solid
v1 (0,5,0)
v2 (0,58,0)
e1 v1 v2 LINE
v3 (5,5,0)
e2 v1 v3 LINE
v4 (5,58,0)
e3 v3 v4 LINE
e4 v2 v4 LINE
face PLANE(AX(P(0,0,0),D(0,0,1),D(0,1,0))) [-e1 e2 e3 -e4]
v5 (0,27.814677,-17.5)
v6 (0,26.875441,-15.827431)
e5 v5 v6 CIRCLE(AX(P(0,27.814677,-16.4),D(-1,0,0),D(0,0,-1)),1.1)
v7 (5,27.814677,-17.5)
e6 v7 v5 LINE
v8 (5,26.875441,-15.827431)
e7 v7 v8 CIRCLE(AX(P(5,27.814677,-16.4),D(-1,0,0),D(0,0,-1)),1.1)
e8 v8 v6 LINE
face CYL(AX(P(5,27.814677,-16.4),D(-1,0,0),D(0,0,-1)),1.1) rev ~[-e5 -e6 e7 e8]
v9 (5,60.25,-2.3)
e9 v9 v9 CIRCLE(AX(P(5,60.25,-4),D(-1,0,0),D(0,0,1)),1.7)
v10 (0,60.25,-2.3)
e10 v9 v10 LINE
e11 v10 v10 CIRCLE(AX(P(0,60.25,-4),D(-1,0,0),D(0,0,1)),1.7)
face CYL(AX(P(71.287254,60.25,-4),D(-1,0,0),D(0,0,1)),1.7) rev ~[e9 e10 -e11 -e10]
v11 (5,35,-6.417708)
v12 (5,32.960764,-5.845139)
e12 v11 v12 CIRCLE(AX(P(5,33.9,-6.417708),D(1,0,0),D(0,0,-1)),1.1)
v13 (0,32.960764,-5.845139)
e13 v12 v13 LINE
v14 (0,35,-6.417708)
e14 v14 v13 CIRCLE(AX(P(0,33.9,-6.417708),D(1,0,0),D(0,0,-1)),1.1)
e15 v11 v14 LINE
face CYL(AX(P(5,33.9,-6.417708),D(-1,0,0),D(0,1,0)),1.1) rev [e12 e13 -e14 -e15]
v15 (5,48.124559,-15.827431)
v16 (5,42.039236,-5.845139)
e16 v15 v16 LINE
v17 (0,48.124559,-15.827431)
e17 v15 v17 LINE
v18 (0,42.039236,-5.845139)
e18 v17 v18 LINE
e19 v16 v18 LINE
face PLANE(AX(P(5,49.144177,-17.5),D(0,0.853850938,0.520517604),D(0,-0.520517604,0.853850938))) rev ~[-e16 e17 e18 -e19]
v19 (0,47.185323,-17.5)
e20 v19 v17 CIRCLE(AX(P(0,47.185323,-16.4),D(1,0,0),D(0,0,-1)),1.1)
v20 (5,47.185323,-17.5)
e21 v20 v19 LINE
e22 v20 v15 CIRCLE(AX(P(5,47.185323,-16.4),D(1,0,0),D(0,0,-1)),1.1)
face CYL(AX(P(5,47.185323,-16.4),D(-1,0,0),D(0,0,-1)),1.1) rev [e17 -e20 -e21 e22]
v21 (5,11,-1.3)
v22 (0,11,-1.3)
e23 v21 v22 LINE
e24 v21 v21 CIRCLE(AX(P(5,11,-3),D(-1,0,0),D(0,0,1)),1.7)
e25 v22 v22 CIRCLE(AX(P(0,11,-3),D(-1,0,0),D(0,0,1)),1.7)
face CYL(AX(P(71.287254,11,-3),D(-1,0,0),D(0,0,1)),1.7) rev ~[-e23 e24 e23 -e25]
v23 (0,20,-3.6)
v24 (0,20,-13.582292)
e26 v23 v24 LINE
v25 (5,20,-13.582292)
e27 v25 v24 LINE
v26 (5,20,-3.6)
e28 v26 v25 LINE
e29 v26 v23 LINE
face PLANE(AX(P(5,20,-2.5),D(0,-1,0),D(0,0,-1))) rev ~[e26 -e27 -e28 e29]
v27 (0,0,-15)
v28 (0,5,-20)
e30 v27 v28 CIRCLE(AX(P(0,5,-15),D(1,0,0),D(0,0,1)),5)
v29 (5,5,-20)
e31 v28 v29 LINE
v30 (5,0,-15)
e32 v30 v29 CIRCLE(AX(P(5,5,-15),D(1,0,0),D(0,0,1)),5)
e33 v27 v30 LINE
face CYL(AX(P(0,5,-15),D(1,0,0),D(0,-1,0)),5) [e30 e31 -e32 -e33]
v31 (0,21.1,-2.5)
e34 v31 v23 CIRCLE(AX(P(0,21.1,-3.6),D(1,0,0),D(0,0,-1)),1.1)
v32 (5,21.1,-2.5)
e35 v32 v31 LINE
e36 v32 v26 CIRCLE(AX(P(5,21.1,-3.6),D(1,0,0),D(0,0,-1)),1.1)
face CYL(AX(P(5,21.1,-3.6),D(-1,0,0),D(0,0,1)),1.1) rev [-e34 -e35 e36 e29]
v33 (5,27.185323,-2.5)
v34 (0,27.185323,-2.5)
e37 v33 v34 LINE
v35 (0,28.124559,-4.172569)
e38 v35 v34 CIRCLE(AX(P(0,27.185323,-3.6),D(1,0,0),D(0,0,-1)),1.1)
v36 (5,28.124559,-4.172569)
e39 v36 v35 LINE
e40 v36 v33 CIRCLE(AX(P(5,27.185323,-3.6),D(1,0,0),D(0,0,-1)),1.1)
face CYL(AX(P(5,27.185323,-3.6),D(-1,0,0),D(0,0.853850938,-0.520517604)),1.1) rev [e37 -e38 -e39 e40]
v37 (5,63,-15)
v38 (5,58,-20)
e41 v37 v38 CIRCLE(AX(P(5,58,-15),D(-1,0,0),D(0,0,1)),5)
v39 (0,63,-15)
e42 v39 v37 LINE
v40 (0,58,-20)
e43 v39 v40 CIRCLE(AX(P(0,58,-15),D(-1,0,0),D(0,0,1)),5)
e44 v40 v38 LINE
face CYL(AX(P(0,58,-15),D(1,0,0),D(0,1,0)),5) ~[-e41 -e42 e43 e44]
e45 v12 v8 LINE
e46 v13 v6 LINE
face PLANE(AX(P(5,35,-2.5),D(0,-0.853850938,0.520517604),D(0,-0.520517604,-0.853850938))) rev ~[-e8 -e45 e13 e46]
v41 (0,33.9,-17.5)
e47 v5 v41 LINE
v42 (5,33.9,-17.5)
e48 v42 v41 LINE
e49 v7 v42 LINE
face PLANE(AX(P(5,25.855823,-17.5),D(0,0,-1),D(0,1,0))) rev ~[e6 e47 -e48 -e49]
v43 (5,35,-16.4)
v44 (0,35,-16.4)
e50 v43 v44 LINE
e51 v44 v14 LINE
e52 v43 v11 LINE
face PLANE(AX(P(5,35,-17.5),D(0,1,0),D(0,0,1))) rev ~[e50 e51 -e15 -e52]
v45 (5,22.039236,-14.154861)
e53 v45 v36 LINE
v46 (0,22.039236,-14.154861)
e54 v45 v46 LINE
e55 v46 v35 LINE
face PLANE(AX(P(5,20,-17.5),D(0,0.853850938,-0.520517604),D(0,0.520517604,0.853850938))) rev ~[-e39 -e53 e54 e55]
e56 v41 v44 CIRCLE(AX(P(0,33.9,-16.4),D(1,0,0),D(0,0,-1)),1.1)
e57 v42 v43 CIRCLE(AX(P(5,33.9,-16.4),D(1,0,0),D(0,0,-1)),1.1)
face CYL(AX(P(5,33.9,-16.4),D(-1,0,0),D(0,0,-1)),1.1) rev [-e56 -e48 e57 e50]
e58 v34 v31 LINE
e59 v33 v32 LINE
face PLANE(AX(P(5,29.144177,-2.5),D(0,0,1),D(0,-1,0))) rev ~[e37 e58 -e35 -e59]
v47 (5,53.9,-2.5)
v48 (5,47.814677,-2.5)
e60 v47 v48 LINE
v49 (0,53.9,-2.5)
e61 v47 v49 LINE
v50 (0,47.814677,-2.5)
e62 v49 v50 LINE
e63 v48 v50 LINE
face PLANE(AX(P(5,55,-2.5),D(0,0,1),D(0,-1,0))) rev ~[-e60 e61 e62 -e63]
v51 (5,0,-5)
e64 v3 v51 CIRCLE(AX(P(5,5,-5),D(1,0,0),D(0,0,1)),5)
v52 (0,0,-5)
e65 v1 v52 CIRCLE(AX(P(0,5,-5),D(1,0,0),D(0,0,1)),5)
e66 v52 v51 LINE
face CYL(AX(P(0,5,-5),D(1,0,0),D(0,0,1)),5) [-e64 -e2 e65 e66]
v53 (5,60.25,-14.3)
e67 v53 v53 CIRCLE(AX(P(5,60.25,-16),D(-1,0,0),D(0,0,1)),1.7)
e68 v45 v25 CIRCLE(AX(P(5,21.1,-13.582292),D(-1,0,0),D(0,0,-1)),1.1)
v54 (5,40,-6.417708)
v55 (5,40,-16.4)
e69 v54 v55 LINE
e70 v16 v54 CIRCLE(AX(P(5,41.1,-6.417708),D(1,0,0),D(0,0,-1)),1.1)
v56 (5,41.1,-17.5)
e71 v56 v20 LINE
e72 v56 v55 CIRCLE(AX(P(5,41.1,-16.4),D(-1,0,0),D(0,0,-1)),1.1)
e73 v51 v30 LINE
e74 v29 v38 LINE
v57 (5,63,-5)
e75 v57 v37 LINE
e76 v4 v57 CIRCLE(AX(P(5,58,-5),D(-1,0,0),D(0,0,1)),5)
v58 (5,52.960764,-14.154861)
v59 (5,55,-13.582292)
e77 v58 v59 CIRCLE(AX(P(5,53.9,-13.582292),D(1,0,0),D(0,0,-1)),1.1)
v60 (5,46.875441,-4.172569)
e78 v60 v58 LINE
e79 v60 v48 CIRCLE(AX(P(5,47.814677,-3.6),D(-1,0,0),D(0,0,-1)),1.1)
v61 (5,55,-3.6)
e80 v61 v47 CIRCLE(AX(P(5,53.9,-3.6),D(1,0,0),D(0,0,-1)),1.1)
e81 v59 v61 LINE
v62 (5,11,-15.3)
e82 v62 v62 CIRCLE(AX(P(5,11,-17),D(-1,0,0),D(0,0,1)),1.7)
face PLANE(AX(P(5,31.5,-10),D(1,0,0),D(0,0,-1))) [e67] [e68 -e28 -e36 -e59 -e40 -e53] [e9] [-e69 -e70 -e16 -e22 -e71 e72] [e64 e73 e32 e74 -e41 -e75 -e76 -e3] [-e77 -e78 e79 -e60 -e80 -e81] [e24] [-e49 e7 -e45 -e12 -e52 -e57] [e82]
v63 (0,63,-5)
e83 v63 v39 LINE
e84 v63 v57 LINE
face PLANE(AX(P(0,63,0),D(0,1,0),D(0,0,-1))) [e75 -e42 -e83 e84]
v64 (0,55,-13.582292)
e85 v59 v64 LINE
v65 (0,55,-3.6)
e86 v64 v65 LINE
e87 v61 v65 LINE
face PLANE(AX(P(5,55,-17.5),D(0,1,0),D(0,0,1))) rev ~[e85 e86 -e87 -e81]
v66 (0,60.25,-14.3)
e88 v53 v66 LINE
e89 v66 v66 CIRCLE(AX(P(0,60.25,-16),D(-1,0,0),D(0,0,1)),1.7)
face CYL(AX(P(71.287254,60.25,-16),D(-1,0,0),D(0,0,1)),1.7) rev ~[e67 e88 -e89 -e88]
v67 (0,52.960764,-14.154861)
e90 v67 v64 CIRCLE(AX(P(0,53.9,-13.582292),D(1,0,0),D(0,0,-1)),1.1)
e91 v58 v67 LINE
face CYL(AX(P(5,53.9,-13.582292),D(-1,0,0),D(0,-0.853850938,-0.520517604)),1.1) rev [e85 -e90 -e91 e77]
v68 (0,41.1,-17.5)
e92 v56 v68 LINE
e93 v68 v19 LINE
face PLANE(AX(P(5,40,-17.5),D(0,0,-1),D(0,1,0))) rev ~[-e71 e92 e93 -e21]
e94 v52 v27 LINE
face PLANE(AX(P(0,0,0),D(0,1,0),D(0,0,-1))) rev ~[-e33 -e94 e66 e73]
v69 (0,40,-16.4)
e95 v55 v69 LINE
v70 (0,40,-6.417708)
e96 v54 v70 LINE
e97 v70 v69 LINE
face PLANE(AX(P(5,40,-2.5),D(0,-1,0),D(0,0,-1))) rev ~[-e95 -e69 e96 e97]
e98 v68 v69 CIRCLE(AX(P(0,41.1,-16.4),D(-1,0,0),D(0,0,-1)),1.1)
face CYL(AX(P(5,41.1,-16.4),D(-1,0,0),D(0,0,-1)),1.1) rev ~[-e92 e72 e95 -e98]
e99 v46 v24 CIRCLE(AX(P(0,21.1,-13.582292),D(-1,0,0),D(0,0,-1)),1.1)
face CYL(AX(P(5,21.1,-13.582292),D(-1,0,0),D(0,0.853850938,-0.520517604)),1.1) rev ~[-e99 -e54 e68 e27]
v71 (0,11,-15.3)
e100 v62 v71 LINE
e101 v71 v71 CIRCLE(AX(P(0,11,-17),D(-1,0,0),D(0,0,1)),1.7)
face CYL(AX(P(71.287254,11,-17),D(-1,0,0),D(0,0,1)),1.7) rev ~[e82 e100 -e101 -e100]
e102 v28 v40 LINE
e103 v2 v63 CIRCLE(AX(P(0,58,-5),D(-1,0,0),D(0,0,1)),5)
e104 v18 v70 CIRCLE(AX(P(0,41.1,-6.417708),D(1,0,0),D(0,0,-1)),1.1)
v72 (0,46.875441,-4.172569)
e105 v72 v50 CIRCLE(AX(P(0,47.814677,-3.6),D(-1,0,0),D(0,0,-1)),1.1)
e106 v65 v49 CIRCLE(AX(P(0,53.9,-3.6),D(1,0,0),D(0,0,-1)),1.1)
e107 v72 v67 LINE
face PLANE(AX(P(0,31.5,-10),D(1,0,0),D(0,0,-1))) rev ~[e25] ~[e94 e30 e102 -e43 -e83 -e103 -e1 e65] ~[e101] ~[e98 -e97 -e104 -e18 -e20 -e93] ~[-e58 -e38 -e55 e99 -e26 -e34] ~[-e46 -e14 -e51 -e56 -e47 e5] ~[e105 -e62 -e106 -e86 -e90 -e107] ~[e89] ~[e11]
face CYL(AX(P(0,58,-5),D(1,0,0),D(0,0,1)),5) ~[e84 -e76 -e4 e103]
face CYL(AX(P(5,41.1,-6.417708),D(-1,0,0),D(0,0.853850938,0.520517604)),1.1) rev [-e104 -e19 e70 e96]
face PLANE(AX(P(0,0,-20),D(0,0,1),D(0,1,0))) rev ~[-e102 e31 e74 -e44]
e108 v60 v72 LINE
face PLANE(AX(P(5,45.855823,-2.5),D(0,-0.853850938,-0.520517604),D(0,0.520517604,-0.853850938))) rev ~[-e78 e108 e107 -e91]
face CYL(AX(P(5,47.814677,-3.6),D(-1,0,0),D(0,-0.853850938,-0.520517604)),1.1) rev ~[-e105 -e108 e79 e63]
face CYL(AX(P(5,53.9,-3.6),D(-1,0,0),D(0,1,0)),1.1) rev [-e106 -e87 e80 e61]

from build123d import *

# Parameters (mm, degrees)
SKETCH_1_W          = 20
SKETCH_1_H          = 63
EXTRUDE_1_DEPTH     = 5
HOLE_WIZARD_M3_1_D  = 3.4
FILLET_1_R          = 5
CUT_EXTRUDE_1_DEPTH = 10
FILLET_2_R          = 1.1


with BuildPart() as part:
    # 草图1 → 凸台-拉伸1 (new body)
    with BuildSketch(Plane(origin=(0, 0, 0), x_dir=(0, 0, -1), z_dir=(1, 0, 0))):
        with Locations((10, 31.5)):
            Rectangle(SKETCH_1_W, SKETCH_1_H)
    extrude(amount=EXTRUDE_1_DEPTH)

    # M3 间隙孔1 (through all)
    with Locations(Plane(origin=(5, 0, 0), x_dir=(0, 0, -1), z_dir=(1, 0, 0))):
        with Locations((3, 11), (17, 11), (16, 60.25), (4, 60.25)):
            Hole(HOLE_WIZARD_M3_1_D / 2)

    # 圆角1
    fillet_1_edges = [part.edges().sort_by_distance(p)[0] for p in [
        (2.5, 63, 0),
        (2.5, 63, -20),
        (2.5, 0, -20),
        (2.5, 0, 0),
    ]]
    fillet(fillet_1_edges, radius=FILLET_1_R)

    # 草图4 → 切除-拉伸1 (cut)
    with BuildSketch(Plane(origin=(5, 0, 0), x_dir=(0, 0, -1), z_dir=(1, 0, 0))):
        Polygon((2.5, 45.855823048), (17.5, 55), (2.5, 55), align=None)
        Polygon((17.5, 40), (17.5, 49.144176952), (2.5, 40), align=None)
        Polygon((17.5, 25.855823048), (17.5, 35), (2.5, 35), align=None)
        Polygon((17.5, 20), (2.5, 29.144176952), (2.5, 20), align=None)
    extrude(amount=-CUT_EXTRUDE_1_DEPTH, mode=Mode.SUBTRACT)

    # 圆角2
    fillet_2_edges = [part.edges().sort_by_distance(p)[0] for p in [
        (2.5, 55, -17.5),
        (2.5, 45.855823048, -2.5),
        (2.5, 55, -2.5),
        (2.5, 40, -2.5),
        (2.5, 49.144176952, -17.5),
        (2.5, 40, -17.5),
        (2.5, 25.855823048, -17.5),
        (2.5, 35, -2.5),
        (2.5, 35, -17.5),
        (2.5, 20, -17.5),
        (2.5, 20, -2.5),
        (2.5, 29.144176952, -2.5),
    ]]
    fillet(fillet_2_edges, radius=FILLET_2_R)


solid = part.part
